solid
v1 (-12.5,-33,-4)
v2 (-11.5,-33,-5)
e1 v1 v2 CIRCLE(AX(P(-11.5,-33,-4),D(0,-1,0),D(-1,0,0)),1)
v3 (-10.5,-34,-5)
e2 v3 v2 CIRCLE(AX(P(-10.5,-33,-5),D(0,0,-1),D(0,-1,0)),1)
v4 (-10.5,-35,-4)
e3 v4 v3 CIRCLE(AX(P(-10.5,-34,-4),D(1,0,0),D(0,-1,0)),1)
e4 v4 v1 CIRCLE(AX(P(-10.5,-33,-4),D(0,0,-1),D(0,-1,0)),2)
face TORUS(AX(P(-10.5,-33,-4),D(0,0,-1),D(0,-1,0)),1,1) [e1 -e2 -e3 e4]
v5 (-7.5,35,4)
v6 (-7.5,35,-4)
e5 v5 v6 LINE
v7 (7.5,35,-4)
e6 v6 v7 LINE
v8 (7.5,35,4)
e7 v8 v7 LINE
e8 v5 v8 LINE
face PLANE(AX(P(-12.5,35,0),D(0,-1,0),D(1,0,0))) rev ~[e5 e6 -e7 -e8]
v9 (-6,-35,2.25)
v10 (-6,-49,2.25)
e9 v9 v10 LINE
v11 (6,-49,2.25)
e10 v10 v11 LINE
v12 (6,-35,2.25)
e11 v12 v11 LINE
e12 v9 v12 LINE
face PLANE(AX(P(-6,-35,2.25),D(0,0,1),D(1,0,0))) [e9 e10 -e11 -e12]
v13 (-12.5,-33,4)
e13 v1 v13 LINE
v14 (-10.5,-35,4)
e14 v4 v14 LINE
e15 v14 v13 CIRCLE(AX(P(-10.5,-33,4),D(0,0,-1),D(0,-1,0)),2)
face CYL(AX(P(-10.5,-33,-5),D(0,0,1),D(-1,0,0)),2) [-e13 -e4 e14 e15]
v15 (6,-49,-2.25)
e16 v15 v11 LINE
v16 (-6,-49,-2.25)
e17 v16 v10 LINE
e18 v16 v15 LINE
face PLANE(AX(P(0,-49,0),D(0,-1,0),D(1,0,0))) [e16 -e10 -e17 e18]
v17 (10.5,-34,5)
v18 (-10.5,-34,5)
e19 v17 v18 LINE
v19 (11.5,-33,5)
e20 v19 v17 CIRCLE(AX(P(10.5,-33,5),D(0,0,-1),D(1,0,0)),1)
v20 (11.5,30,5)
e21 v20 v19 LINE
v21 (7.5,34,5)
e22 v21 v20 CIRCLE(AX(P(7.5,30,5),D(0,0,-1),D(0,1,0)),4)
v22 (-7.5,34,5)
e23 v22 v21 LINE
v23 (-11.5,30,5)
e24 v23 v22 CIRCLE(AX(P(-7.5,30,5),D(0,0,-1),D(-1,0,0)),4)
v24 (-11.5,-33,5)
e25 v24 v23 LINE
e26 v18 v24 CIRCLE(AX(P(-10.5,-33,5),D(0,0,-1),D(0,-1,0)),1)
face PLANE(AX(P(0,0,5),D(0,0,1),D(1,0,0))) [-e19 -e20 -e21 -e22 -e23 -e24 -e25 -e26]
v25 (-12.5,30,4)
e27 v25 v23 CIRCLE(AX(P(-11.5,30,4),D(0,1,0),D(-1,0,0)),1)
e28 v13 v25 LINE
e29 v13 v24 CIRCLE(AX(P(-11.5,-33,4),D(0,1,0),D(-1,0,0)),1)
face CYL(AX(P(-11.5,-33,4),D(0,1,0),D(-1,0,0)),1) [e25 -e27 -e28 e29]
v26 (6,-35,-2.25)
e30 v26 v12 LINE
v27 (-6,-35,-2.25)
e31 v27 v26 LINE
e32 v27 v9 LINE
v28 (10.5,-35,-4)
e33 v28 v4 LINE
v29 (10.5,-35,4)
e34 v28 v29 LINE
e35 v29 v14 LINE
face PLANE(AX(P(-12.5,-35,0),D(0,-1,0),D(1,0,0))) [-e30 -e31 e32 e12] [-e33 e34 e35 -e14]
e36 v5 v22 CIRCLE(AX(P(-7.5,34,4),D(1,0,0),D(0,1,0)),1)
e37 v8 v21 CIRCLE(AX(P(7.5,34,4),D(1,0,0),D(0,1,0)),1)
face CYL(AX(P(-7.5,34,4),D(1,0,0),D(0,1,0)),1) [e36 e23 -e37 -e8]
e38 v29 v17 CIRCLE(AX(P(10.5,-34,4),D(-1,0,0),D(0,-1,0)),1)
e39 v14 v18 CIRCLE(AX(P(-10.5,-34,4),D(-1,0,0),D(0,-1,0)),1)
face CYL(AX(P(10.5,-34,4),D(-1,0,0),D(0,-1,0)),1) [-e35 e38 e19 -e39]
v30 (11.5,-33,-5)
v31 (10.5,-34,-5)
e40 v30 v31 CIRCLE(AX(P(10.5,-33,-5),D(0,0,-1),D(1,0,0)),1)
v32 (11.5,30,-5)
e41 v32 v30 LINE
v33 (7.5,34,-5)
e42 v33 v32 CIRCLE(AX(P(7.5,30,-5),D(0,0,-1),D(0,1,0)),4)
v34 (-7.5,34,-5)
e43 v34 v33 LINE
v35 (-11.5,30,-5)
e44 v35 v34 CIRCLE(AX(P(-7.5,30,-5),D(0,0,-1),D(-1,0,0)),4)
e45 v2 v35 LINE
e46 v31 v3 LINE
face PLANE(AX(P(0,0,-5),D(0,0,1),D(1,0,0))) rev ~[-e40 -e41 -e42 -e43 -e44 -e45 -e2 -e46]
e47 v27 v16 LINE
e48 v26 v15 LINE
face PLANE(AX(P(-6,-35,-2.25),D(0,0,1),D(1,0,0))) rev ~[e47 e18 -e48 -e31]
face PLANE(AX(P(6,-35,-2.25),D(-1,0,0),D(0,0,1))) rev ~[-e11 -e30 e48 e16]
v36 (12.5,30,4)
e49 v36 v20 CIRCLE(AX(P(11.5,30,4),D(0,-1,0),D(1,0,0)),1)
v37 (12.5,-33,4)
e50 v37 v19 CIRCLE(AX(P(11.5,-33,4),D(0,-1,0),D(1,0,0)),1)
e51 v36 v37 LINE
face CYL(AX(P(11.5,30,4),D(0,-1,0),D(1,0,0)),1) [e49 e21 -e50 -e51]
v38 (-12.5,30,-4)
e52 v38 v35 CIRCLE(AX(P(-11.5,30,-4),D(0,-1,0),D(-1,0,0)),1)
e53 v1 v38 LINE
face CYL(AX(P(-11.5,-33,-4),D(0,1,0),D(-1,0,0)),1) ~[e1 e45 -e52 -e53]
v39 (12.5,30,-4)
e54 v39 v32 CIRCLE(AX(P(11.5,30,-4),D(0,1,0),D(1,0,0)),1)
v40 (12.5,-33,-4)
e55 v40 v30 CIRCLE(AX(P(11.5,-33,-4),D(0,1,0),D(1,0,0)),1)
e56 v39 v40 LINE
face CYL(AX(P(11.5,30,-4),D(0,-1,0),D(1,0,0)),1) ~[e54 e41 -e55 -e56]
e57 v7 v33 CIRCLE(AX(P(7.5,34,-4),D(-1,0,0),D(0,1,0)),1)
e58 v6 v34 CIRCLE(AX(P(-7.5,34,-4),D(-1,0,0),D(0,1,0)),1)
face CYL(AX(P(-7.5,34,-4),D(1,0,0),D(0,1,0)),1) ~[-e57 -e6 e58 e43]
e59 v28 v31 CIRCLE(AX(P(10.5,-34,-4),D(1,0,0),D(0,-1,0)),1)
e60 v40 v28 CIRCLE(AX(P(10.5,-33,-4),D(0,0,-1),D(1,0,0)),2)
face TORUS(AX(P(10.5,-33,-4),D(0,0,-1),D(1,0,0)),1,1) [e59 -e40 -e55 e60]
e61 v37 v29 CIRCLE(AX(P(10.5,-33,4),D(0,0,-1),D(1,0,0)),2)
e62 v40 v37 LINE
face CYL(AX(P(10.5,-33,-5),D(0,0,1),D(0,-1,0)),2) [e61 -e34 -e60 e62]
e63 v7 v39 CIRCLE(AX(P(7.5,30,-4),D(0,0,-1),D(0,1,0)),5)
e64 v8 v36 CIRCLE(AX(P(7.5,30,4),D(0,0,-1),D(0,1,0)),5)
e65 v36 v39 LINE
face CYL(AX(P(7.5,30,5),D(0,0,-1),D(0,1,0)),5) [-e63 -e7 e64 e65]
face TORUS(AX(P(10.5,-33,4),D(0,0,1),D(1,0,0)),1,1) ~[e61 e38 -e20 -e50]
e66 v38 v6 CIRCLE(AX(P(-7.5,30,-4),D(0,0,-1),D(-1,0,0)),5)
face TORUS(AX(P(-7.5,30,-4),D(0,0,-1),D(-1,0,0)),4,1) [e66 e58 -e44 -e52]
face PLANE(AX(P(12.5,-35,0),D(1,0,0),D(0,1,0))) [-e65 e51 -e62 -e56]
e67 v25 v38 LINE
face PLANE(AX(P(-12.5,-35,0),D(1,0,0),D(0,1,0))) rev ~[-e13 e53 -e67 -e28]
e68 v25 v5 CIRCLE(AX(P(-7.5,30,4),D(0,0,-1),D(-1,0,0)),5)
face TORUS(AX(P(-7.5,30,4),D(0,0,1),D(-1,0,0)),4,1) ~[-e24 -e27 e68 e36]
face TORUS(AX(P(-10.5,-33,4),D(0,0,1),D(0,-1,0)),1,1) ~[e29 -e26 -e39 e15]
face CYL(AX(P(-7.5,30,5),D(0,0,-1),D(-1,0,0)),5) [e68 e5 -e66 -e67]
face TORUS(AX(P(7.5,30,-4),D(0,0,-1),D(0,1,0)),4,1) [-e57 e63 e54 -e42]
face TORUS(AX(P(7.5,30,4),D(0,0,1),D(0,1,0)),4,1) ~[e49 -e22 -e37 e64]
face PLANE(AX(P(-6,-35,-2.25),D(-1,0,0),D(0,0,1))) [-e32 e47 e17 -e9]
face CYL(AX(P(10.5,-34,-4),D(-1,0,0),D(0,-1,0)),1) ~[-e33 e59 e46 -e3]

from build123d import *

# Parameters (mm, degrees)
F0_W     = 25
F0_H     = 70
F1_DEPTH = 5
F2_W     = 12
F2_H     = 4.5
F3_DEPTH = 14
F4_R     = 2
F5_R     = 5
F6_R     = 1


with BuildPart() as f1:
    # F0 (on Top) → F1 (new body, symmetric)
    with BuildSketch(Plane.XY):
        Rectangle(F0_W, F0_H)
    extrude(amount=F1_DEPTH, both=True)

    # F2 (on face) → F3 (join)
    with BuildSketch(Plane.XZ.offset(35)):
        Rectangle(F2_W, F2_H)
    extrude(amount=F3_DEPTH)

    # F4
    f4_edges = [f1.edges().sort_by_distance(p)[0] for p in [
        (12.5, -35, 0),
        (-12.5, -35, 0),
    ]]
    fillet(f4_edges, radius=F4_R)

    # F5
    f5_edges = [f1.edges().sort_by_distance(p)[0] for p in [
        (12.5, 35, 0),
        (-12.5, 35, 0),
    ]]
    fillet(f5_edges, radius=F5_R)

    # F6
    f6_edges = [f1.edges().sort_by_distance(p)[0] for p in [
        (-12.5, -1.5, 5),
        (-11.035534, 33.535534, 5),
        (-11.914214, -34.414214, 5),
        (0, 35, 5),
        (0, -35, 5),
        (11.035534, 33.535534, 5),
        (11.914214, -34.414214, 5),
        (12.5, -1.5, 5),
        (-12.5, -1.5, -5),
        (-11.035534, 33.535534, -5),
        (-11.914214, -34.414214, -5),
        (0, 35, -5),
        (0, -35, -5),
        (11.035534, 33.535534, -5),
        (11.914214, -34.414214, -5),
        (12.5, -1.5, -5),
    ]]
    fillet(f6_edges, radius=F6_R)


solid = f1.part
